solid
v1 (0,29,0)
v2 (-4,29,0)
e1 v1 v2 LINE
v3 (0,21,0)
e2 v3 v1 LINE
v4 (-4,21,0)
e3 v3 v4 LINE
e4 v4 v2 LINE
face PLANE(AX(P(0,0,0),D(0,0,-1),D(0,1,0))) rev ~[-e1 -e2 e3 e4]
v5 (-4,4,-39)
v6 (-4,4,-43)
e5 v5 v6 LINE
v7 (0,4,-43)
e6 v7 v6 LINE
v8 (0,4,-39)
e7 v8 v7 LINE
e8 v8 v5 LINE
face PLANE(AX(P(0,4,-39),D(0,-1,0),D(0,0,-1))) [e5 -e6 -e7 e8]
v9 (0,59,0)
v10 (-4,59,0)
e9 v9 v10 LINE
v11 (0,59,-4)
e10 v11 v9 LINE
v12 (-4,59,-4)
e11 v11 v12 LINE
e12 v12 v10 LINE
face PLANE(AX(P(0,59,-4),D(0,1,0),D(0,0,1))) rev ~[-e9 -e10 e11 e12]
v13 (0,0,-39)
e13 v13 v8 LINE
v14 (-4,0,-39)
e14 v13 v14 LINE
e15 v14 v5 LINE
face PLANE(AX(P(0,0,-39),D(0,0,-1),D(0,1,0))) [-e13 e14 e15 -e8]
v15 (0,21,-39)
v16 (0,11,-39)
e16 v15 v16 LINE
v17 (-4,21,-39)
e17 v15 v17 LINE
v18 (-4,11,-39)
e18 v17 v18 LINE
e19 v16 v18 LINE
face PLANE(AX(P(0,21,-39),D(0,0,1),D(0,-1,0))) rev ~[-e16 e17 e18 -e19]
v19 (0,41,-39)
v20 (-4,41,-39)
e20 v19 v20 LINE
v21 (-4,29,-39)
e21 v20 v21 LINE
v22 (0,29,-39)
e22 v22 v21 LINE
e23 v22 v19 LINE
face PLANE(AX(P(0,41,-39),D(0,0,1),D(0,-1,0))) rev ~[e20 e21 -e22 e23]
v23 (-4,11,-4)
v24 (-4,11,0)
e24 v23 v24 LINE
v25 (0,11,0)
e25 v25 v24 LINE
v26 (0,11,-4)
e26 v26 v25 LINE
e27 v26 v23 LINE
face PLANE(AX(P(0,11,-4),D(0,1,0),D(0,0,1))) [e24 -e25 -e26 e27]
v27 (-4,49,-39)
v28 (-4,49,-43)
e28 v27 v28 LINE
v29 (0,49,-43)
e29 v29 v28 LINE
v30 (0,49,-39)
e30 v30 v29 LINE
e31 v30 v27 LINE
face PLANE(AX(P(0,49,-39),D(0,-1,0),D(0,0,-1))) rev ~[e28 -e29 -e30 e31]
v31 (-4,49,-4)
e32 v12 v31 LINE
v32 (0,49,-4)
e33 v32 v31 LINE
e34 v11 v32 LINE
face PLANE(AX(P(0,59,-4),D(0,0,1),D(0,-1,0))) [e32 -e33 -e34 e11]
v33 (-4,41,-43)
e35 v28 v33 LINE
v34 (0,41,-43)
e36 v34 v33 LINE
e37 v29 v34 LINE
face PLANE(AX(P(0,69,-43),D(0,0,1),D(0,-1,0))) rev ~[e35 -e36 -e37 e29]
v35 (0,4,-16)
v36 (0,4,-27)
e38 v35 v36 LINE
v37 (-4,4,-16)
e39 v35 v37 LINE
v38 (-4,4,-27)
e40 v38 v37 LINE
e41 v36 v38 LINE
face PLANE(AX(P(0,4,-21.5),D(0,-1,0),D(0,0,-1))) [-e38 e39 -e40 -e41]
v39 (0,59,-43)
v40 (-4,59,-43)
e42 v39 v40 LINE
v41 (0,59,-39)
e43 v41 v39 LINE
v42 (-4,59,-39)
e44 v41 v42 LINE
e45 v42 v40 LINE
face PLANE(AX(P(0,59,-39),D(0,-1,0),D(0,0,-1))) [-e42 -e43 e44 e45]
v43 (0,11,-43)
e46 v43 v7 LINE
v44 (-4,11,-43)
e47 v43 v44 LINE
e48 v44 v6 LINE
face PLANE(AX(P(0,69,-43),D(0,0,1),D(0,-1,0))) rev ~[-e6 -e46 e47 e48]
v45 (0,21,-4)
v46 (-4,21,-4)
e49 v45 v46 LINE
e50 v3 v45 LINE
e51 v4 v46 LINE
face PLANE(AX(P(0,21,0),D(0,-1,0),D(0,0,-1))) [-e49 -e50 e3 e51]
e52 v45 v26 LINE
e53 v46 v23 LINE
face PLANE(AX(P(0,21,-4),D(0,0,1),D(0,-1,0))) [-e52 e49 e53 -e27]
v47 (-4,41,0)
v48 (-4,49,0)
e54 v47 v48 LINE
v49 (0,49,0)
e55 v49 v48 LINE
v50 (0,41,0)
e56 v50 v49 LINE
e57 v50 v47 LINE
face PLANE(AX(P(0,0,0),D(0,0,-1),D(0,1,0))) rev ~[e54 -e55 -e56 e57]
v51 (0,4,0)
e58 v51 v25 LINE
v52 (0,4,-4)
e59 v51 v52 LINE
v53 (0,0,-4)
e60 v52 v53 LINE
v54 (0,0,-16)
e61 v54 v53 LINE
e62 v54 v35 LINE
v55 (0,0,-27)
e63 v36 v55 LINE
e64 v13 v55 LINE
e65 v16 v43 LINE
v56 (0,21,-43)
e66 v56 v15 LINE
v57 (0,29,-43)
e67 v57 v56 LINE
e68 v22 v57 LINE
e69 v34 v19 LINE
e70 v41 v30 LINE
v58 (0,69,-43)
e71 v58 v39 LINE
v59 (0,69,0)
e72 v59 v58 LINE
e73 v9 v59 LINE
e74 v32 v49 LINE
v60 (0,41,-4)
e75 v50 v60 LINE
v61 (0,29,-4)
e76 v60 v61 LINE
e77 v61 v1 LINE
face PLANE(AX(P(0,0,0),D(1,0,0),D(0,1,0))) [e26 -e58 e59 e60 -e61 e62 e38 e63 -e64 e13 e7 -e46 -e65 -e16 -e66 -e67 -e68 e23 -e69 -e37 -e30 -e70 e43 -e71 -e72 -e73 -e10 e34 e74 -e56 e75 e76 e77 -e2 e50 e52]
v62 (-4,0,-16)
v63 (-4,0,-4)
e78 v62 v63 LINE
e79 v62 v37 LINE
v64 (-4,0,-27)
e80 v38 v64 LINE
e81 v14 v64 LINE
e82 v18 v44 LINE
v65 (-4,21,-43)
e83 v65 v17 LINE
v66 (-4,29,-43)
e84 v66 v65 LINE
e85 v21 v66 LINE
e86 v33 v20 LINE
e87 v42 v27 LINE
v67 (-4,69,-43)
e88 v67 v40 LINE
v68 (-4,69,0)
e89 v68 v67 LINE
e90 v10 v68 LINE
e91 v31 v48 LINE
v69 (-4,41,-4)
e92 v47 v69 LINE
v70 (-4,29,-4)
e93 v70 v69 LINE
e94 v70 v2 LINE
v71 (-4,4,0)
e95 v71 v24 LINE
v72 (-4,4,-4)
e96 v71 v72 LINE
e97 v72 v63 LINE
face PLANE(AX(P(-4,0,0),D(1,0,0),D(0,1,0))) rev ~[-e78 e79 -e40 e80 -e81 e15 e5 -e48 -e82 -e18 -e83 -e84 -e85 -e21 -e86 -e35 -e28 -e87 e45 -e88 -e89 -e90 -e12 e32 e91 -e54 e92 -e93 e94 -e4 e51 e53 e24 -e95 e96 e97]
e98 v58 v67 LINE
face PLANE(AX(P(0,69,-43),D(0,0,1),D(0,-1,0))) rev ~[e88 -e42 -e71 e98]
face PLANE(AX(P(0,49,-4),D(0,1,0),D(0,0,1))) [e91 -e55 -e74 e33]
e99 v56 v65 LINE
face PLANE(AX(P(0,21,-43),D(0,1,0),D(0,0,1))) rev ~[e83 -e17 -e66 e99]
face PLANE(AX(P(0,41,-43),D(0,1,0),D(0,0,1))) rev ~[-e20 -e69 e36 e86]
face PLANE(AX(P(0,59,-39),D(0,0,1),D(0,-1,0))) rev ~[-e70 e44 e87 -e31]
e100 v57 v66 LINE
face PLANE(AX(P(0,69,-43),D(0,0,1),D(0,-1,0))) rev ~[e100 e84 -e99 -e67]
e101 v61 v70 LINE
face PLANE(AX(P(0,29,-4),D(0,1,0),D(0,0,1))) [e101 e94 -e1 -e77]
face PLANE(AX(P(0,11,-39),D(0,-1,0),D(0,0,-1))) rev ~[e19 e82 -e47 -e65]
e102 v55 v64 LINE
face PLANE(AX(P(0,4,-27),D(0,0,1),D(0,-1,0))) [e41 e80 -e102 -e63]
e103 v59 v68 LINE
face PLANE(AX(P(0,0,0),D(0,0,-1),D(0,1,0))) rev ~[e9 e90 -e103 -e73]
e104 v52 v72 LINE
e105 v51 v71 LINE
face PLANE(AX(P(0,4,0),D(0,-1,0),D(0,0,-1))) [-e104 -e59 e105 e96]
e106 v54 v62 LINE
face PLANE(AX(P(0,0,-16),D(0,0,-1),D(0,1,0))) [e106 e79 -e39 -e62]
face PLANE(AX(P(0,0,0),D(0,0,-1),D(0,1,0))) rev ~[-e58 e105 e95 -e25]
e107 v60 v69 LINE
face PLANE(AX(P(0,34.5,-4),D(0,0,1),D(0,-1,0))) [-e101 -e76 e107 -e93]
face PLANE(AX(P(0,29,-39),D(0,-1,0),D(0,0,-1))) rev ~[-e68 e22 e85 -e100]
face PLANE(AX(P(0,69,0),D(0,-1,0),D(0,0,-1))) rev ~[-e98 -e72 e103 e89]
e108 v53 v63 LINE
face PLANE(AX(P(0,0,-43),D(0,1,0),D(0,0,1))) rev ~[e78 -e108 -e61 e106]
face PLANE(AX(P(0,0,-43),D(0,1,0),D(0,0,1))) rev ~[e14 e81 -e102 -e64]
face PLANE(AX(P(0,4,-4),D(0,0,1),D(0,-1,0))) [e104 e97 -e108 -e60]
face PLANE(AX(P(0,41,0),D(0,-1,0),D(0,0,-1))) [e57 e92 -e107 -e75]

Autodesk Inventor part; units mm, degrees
ref_plane "YZ Plane" through (0, 0, 0) normal (1, 0, 0) x (0, 1, 0)
ref_plane "XZ Plane" through (0, 0, 0) normal (0, 1, 0) x (-1, 0, 0)
ref_plane "XY Plane" through (0, 0, 0) normal (0, 0, 1) x (1, 0, 0)
sketch "Sketch1" plane through (0, 0, 0) normal (1, 0, 0) x (0, 1, 0)
  line L0 (0, 0) -> (69, 0)
  line L1 (69, 0) -> (69, -43)
  line L2 (69, -43) -> (0, -43)
  line L3 (0, -43) -> (0, 0)
  dimension "d228" = 69
  dimension "d229" = 43
extrude "Extrusion1" add sketch "Sketch1" against normal blind 4
sketch "Sketch2" plane through (0, 0, 0) normal (1, 0, 0) x (0, 0, -1)
  line L0 (21.5, 69) -> (21.5, 0)
  line L1 (43, 0) -> (0, 0) projected
  line L2 (0, 0) -> (0, 69) projected
  line L3 (0, 34.5) -> (43, 34.5)
  line L4 (43, 69) -> (43, 0) projected
  line L5 (0, 0) -> (43, 0)
  line L6 (0, 4) -> (4, 4)
  line L7 (4, 4) -> (4, 0)
  line L8 (16, 0) -> (16, 4)
  line L9 (16, 4) -> (27, 4)
  line L10 (27, 4) -> (27, 0)
  line L11 (39, 0) -> (39, 4)
  line L12 (39, 4) -> (43, 4)
  line L13 (4, 0) -> (16, 0)
  line L14 (27, 0) -> (39, 0)
  line L15 (4, 59) -> (4, 49)
  line L16 (4, 49) -> (0, 49)
  line L17 (0, 49) -> (0, 41)
  line L18 (0, 41) -> (4, 41)
  line L19 (4, 41) -> (4, 29)
  line L20 (4, 29) -> (0, 29)
  line L21 (0, 29) -> (0, 21)
  line L22 (0, 21) -> (4, 21)
  line L23 (4, 21) -> (4, 11)
  line L24 (4, 11) -> (0, 11)
  line L25 (0, 69) -> (0, 0) projected
  line L26 (43, 0) -> (43, 69)
  line L27 (43, 34.5) -> (0, 34.5)
  line L28 (43, 49) -> (43, 41)
  line L29 (43, 29) -> (43, 21)
  line L30 (43, 69) -> (43, 0)
  line L31 (4, 59) -> (0, 59)
  line L32 (0, 0) -> (43, 0) projected
  line L33 (43, 69) -> (0, 69) projected
  line L34 (43, 0) -> (43, 69)
  line L35 (43, 34.5) -> (0, 34.5)
  line L36 (39, 59) -> (39, 49)
  line L37 (39, 49) -> (43, 49)
  line L38 (43, 49) -> (43, 41)
  line L39 (43, 41) -> (39, 41)
  line L40 (39, 41) -> (39, 29)
  line L41 (39, 29) -> (43, 29)
  line L42 (43, 29) -> (43, 21)
  line L43 (43, 21) -> (39, 21)
  line L44 (39, 21) -> (39, 11)
  line L45 (39, 11) -> (43, 11)
  line L46 (43, 69) -> (43, 0)
  line L47 (0, 34.5) -> (43, 34.5)
  line L48 (39, 59) -> (43, 59)
  point P0 (43, 65)
  point P1 (39, 0)
  point P2 (16, 0)
  point P3 (27, 0)
  point P4 (4, 0)
  dimension "d246" = 12
  dimension "d248" = 10
  dimension "d250" = 8
  dimension "d253" = 4
  dimension "d254" = 12
  dimension "d255" = 12
  dimension "d256" = 10
extrude "Extrusion2" cut sketch "Sketch2" against normal blind 4 contours L9 L10 L1 L0 | L0 L1 L8 L9 | L19 L20 L2 L3 | L3 L2 L18 L19 | L40 L39 L4 L3 | L3 L4 L41 L40 | L4 L37 L36 L48 | L31 L15 L16 L2 | L11 L12 L4 L1 | L1 L2 L6 L7 | L22 L23 L24 L2 | L4 L45 L44 L43
properties part number "Langbektang houder"
